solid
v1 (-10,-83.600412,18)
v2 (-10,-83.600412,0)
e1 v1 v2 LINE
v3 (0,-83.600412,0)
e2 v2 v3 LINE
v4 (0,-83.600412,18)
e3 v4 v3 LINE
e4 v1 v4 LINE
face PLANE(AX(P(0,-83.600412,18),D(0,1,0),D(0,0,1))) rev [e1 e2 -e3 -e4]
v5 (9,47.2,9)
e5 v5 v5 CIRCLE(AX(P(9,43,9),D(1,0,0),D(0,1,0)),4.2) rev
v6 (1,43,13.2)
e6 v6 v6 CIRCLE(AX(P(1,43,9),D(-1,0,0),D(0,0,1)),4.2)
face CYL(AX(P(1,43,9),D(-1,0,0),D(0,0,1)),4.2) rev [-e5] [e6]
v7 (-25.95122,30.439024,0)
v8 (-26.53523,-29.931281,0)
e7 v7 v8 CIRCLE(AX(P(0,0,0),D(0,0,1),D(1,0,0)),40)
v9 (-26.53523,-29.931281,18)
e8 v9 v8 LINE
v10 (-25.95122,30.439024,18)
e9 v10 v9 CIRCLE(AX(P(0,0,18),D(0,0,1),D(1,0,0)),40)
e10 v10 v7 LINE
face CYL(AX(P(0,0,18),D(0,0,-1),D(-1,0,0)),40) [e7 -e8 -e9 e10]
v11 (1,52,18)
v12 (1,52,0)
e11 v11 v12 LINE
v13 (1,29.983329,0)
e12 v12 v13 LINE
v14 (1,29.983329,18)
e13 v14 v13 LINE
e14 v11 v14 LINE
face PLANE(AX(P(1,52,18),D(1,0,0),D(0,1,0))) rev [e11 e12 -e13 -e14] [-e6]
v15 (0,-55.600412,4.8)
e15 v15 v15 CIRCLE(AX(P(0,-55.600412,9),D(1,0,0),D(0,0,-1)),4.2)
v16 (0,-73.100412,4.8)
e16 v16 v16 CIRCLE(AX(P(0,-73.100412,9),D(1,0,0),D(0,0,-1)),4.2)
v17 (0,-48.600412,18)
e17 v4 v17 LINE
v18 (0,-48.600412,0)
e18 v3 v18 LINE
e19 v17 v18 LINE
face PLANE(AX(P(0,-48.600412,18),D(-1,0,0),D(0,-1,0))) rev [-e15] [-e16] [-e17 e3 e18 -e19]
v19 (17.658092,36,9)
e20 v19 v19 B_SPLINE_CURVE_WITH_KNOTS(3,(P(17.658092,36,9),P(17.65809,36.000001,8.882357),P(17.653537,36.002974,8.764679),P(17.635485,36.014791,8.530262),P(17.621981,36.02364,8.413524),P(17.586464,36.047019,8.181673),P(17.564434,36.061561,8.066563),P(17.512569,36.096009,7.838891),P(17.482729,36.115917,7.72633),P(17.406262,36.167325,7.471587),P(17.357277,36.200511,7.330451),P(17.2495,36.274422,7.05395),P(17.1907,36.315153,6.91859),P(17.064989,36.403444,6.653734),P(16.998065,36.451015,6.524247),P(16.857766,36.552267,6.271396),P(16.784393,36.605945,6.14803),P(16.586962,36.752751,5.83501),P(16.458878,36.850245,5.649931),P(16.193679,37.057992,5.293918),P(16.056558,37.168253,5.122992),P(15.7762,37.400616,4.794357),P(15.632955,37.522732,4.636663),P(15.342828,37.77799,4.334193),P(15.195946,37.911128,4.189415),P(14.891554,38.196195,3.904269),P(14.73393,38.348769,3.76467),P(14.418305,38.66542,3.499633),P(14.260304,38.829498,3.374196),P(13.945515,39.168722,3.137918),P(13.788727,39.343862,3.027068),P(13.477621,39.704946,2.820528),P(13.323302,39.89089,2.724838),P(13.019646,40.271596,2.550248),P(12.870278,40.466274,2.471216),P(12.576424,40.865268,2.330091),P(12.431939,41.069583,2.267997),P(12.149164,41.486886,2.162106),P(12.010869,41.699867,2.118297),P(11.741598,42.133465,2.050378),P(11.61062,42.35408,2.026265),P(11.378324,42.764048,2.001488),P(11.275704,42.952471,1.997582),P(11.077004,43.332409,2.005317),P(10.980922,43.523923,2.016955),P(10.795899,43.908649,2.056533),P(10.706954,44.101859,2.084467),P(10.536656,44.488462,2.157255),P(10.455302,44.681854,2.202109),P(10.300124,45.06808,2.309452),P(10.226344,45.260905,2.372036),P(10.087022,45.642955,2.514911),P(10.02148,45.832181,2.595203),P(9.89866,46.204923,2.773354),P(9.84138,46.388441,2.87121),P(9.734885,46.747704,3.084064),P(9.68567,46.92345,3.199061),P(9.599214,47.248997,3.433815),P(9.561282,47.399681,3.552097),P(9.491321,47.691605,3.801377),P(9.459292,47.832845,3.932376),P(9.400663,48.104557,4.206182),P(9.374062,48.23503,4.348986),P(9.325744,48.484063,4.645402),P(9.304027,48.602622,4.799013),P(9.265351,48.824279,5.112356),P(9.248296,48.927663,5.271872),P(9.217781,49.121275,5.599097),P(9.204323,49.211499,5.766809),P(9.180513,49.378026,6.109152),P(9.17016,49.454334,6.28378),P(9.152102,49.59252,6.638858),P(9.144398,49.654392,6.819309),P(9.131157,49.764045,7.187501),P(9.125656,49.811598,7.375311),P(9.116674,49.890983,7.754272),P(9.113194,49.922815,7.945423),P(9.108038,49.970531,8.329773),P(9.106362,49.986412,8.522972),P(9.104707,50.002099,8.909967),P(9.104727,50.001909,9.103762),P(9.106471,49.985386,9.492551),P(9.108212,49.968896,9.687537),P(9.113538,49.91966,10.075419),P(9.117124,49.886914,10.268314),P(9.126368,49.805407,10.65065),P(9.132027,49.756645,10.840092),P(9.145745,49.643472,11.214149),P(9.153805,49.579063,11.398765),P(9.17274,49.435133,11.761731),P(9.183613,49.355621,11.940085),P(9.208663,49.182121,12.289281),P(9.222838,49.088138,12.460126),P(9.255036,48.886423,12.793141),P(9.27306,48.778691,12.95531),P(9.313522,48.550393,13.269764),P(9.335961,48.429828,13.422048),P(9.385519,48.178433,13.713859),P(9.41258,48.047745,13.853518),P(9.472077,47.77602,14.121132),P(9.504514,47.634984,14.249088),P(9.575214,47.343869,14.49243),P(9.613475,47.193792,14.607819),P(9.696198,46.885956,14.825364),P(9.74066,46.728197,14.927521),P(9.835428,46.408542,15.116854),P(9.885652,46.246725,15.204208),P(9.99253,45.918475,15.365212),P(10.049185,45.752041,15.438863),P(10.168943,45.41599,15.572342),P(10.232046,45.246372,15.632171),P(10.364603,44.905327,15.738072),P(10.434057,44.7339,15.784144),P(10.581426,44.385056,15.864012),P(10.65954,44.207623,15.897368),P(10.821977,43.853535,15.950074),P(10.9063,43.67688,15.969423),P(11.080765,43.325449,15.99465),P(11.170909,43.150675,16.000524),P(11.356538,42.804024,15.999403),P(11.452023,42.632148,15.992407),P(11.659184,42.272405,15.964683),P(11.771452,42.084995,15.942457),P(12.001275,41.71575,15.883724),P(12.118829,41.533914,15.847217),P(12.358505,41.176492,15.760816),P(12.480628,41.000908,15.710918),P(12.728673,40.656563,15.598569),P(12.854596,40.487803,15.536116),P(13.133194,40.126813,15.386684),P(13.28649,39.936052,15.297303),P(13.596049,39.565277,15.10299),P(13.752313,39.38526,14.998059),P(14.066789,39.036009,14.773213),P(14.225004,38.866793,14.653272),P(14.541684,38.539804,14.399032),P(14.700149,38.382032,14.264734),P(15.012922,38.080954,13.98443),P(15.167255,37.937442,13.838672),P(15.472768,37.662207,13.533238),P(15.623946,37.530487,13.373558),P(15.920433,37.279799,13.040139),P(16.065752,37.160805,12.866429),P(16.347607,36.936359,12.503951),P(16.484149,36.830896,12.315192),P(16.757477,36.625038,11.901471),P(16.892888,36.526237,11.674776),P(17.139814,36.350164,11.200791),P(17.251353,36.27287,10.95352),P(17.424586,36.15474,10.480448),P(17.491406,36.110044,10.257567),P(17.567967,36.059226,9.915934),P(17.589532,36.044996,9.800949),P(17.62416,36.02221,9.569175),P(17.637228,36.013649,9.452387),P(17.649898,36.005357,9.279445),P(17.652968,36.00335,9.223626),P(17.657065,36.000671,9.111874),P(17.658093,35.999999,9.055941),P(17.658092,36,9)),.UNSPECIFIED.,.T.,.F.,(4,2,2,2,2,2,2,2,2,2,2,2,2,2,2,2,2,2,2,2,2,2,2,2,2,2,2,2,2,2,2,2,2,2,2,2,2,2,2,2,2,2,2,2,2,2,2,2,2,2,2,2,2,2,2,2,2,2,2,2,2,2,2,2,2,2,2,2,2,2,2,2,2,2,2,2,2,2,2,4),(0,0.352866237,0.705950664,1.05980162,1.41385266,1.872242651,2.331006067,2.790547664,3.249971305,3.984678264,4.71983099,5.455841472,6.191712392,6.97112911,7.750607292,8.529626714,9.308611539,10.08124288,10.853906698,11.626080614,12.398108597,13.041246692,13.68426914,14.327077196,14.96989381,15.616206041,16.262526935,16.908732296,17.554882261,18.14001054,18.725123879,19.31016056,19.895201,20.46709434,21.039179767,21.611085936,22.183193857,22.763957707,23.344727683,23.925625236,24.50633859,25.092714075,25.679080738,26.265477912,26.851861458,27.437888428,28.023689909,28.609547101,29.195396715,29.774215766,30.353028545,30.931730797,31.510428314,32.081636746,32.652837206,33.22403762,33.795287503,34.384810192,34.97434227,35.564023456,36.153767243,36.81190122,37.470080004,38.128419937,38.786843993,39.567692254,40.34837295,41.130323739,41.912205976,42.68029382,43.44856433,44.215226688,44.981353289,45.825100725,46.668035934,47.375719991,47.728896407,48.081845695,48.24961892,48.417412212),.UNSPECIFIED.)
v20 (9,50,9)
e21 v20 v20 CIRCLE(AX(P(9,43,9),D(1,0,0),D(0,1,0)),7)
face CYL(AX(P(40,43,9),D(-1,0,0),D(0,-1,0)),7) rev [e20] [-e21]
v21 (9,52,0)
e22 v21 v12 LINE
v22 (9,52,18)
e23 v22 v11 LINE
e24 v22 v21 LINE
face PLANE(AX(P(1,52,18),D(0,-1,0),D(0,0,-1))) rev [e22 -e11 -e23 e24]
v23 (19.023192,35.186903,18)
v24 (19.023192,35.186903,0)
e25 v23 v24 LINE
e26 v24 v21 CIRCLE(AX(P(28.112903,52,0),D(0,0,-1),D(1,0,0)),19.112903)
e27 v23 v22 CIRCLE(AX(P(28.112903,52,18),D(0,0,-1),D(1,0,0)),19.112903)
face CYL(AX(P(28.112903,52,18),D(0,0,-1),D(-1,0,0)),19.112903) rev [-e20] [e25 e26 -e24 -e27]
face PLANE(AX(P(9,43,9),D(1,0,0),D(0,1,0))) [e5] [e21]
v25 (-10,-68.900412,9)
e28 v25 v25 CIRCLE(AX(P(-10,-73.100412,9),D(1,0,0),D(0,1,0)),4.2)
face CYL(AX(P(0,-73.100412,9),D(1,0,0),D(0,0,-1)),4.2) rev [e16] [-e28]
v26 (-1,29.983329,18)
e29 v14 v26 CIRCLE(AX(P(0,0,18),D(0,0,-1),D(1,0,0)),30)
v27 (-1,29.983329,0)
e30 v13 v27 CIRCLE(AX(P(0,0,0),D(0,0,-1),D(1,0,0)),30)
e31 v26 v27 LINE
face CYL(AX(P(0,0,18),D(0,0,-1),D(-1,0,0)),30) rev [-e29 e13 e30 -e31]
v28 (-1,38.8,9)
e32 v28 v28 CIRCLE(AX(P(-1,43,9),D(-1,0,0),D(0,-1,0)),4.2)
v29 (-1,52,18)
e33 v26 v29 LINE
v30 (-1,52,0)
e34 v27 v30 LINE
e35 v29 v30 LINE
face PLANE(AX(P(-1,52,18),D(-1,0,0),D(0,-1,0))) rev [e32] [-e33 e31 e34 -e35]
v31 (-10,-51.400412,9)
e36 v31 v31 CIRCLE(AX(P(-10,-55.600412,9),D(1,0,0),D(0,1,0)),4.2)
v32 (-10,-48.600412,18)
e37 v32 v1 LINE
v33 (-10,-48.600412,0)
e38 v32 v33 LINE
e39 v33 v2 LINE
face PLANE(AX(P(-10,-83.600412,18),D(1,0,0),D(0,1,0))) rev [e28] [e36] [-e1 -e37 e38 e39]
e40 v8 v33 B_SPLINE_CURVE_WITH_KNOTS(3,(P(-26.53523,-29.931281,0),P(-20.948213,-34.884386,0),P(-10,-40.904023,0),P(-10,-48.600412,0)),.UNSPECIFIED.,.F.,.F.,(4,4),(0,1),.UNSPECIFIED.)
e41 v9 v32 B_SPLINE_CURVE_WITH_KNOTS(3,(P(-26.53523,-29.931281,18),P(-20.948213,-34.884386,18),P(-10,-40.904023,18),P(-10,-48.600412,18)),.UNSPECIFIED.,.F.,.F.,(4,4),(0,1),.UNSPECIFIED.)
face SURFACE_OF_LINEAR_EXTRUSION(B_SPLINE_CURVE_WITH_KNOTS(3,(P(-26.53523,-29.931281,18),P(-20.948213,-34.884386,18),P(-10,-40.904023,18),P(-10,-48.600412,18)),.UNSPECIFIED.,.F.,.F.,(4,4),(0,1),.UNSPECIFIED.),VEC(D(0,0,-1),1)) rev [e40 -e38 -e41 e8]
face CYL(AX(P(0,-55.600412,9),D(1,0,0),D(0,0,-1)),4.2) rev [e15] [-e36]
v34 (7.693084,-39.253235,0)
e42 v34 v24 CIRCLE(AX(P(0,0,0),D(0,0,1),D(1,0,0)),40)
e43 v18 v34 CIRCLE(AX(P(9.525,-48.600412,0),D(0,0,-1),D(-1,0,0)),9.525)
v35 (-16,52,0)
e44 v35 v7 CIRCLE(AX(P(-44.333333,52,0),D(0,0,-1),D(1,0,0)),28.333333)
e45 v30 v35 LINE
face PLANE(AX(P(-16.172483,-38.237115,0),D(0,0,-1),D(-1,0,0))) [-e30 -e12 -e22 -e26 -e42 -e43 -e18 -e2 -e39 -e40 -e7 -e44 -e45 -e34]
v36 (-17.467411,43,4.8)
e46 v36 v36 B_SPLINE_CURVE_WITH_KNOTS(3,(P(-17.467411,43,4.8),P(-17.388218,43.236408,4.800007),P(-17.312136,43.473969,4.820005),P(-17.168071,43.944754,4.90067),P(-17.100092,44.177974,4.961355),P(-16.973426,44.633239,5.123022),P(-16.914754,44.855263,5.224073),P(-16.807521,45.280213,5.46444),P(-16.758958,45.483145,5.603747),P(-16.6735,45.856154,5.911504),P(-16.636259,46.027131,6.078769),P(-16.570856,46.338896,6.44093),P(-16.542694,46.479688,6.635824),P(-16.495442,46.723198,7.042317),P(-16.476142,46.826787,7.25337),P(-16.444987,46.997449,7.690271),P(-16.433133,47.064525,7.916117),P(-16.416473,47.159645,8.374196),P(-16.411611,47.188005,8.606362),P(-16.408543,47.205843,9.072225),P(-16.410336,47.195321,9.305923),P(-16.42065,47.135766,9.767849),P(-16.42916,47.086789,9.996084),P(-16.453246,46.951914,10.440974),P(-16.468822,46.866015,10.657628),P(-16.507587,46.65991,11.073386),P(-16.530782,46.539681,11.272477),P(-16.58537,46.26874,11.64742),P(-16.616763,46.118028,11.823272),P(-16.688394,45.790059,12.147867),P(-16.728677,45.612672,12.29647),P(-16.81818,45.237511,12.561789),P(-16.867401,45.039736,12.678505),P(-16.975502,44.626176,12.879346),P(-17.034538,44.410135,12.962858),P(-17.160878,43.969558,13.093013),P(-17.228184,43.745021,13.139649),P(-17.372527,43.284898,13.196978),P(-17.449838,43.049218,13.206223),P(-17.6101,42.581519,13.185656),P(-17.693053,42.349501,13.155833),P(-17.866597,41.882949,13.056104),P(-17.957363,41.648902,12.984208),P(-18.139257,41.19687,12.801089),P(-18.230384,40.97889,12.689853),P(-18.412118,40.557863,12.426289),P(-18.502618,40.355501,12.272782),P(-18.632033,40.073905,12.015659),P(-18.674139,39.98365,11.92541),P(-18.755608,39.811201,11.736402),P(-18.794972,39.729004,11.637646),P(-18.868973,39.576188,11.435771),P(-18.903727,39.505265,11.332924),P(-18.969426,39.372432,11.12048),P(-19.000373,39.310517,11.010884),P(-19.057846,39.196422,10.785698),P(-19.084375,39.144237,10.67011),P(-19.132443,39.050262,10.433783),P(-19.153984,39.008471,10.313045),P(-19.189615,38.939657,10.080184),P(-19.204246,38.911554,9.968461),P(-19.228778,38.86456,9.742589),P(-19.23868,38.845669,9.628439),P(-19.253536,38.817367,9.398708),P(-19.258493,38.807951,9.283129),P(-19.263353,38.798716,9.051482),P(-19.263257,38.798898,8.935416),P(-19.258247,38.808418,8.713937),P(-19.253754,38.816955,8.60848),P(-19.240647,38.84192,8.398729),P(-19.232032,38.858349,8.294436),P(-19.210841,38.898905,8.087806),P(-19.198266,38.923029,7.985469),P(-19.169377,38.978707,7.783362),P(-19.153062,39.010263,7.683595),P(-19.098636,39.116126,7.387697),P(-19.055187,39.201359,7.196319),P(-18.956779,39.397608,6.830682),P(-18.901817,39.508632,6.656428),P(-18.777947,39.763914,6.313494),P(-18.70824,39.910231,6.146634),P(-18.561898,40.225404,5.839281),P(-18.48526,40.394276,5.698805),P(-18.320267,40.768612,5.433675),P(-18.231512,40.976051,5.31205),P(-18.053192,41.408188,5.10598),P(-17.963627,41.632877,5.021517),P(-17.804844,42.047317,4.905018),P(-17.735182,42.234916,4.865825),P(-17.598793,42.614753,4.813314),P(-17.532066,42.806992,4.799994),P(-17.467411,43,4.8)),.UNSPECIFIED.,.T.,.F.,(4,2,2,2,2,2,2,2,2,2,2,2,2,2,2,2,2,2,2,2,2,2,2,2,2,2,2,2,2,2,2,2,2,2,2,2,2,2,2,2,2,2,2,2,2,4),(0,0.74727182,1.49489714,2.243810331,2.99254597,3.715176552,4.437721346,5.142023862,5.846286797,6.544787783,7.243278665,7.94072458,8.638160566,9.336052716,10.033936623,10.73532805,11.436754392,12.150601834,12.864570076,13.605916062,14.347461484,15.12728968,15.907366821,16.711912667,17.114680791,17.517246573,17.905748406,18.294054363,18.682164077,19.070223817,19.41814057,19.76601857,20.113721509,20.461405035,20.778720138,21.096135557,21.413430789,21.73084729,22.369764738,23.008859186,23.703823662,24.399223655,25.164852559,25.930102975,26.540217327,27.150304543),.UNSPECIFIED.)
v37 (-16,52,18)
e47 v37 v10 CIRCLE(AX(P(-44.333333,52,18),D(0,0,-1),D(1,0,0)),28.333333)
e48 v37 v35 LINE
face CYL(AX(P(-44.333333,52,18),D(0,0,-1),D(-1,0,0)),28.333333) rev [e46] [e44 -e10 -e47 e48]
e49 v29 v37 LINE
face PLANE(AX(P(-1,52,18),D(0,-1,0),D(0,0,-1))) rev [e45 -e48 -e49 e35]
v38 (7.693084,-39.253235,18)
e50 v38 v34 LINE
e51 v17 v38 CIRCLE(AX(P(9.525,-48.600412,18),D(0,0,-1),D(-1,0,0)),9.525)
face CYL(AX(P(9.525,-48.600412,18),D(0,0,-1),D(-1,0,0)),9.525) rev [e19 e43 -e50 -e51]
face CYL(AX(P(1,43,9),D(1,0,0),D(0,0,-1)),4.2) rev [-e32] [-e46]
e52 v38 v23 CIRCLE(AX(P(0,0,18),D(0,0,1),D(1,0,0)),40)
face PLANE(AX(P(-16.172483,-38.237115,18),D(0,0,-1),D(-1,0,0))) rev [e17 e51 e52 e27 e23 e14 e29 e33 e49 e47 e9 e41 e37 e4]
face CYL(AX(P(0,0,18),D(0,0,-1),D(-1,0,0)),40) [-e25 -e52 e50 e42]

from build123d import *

# Parameters (mm, degrees)
MAIN_BODY_DEPTH      = 18
SKETCH14_W           = 4.2
SKETCH14_H           = 39
M8_CLEARANCE_HOLE2_D = 8.4
M8_CLEARANCE_HOLE3_D = 8.4
SKETCH27_R           = 7
CUT_EXTRUDE2_DEPTH   = 99.559772913


with BuildPart() as part:
    # Sketch1 → main body (new body)
    with BuildSketch(Plane.XY):
        with BuildLine():
            Line((0, -48.600411521), (0, -83.600411521))
            Line((0, -83.600411521), (-10, -83.600411521))
            Line((-10, -83.600411521), (-10, -48.600411521))
            add(Edge.make_bspline(
                [(-26.535230031, -29.931280748), (-20.948212629, -34.88438627), (-10, -40.904022772), (-10, -48.600411521)],
                knots=[0, 0, 0, 0, 1, 1, 1, 1], degree=3))
            ThreePointArc((-26.535230031, -29.931280748), (-39.998128482, 0.386934068), (-25.951219512, 30.43902439))
            ThreePointArc((-25.951219512, 30.43902439), (-18.607817439, 40.126684972), (-16, 52))
            Line((-16, 52), (-1, 52))
            Line((-1, 52), (-1, 29.983328701))
            ThreePointArc((-1, 29.983328701), (0, -30), (1, 29.983328701))
            Line((1, 29.983328701), (1, 52))
            Line((1, 52), (9, 52))
            ThreePointArc((9, 52), (11.695932832, 42.212959957), (19.02319236, 35.186903138))
            ThreePointArc((19.02319236, 35.186903138), (39.54457484, -6.018853774), (7.693084301, -39.253234949))
            ThreePointArc((7.693084301, -39.253234949), (2.170592409, -42.547452411), (0, -48.600411521))
        make_face()
    extrude(amount=MAIN_BODY_DEPTH)

    # Sketch14 → M8 Clearance Hole1 (revolve, cut)
    with BuildSketch(Plane(origin=(1, 43, 9), x_dir=(0, 0, 1), z_dir=(0, 1, 0))):
        with Locations((2.1, 19.5)):
            Rectangle(SKETCH14_W, SKETCH14_H)
    revolve(axis=Axis((-5.35, 43, 9), (1, 0, 0)), mode=Mode.SUBTRACT)

    # M8 Clearance Hole2 (through all)
    with Locations(Plane(origin=(1, 0, 0), x_dir=(0, 0, 1), z_dir=(1, 0, 0))):
        with Locations((9, -43)):
            Hole(M8_CLEARANCE_HOLE2_D / 2)

    # M8 Clearance Hole3 (through all)
    with Locations(Plane(origin=(0, 0, 0), x_dir=(0, 0, -1), z_dir=(1, 0, 0))):
        with Locations((-9, -55.600411521), (-9, -73.100411521)):
            Hole(M8_CLEARANCE_HOLE3_D / 2)

    # Sketch27 → Cut-Extrude2 (cut, through all)
    with BuildSketch(Plane(origin=(9, 0, 0), x_dir=(0, 0, -1), z_dir=(1, 0, 0))):
        with Locations(Location((-9, 43, 0), (0, 0, 270))):
            Circle(SKETCH27_R)
    extrude(amount=CUT_EXTRUDE2_DEPTH, mode=Mode.SUBTRACT)


solid = part.part
